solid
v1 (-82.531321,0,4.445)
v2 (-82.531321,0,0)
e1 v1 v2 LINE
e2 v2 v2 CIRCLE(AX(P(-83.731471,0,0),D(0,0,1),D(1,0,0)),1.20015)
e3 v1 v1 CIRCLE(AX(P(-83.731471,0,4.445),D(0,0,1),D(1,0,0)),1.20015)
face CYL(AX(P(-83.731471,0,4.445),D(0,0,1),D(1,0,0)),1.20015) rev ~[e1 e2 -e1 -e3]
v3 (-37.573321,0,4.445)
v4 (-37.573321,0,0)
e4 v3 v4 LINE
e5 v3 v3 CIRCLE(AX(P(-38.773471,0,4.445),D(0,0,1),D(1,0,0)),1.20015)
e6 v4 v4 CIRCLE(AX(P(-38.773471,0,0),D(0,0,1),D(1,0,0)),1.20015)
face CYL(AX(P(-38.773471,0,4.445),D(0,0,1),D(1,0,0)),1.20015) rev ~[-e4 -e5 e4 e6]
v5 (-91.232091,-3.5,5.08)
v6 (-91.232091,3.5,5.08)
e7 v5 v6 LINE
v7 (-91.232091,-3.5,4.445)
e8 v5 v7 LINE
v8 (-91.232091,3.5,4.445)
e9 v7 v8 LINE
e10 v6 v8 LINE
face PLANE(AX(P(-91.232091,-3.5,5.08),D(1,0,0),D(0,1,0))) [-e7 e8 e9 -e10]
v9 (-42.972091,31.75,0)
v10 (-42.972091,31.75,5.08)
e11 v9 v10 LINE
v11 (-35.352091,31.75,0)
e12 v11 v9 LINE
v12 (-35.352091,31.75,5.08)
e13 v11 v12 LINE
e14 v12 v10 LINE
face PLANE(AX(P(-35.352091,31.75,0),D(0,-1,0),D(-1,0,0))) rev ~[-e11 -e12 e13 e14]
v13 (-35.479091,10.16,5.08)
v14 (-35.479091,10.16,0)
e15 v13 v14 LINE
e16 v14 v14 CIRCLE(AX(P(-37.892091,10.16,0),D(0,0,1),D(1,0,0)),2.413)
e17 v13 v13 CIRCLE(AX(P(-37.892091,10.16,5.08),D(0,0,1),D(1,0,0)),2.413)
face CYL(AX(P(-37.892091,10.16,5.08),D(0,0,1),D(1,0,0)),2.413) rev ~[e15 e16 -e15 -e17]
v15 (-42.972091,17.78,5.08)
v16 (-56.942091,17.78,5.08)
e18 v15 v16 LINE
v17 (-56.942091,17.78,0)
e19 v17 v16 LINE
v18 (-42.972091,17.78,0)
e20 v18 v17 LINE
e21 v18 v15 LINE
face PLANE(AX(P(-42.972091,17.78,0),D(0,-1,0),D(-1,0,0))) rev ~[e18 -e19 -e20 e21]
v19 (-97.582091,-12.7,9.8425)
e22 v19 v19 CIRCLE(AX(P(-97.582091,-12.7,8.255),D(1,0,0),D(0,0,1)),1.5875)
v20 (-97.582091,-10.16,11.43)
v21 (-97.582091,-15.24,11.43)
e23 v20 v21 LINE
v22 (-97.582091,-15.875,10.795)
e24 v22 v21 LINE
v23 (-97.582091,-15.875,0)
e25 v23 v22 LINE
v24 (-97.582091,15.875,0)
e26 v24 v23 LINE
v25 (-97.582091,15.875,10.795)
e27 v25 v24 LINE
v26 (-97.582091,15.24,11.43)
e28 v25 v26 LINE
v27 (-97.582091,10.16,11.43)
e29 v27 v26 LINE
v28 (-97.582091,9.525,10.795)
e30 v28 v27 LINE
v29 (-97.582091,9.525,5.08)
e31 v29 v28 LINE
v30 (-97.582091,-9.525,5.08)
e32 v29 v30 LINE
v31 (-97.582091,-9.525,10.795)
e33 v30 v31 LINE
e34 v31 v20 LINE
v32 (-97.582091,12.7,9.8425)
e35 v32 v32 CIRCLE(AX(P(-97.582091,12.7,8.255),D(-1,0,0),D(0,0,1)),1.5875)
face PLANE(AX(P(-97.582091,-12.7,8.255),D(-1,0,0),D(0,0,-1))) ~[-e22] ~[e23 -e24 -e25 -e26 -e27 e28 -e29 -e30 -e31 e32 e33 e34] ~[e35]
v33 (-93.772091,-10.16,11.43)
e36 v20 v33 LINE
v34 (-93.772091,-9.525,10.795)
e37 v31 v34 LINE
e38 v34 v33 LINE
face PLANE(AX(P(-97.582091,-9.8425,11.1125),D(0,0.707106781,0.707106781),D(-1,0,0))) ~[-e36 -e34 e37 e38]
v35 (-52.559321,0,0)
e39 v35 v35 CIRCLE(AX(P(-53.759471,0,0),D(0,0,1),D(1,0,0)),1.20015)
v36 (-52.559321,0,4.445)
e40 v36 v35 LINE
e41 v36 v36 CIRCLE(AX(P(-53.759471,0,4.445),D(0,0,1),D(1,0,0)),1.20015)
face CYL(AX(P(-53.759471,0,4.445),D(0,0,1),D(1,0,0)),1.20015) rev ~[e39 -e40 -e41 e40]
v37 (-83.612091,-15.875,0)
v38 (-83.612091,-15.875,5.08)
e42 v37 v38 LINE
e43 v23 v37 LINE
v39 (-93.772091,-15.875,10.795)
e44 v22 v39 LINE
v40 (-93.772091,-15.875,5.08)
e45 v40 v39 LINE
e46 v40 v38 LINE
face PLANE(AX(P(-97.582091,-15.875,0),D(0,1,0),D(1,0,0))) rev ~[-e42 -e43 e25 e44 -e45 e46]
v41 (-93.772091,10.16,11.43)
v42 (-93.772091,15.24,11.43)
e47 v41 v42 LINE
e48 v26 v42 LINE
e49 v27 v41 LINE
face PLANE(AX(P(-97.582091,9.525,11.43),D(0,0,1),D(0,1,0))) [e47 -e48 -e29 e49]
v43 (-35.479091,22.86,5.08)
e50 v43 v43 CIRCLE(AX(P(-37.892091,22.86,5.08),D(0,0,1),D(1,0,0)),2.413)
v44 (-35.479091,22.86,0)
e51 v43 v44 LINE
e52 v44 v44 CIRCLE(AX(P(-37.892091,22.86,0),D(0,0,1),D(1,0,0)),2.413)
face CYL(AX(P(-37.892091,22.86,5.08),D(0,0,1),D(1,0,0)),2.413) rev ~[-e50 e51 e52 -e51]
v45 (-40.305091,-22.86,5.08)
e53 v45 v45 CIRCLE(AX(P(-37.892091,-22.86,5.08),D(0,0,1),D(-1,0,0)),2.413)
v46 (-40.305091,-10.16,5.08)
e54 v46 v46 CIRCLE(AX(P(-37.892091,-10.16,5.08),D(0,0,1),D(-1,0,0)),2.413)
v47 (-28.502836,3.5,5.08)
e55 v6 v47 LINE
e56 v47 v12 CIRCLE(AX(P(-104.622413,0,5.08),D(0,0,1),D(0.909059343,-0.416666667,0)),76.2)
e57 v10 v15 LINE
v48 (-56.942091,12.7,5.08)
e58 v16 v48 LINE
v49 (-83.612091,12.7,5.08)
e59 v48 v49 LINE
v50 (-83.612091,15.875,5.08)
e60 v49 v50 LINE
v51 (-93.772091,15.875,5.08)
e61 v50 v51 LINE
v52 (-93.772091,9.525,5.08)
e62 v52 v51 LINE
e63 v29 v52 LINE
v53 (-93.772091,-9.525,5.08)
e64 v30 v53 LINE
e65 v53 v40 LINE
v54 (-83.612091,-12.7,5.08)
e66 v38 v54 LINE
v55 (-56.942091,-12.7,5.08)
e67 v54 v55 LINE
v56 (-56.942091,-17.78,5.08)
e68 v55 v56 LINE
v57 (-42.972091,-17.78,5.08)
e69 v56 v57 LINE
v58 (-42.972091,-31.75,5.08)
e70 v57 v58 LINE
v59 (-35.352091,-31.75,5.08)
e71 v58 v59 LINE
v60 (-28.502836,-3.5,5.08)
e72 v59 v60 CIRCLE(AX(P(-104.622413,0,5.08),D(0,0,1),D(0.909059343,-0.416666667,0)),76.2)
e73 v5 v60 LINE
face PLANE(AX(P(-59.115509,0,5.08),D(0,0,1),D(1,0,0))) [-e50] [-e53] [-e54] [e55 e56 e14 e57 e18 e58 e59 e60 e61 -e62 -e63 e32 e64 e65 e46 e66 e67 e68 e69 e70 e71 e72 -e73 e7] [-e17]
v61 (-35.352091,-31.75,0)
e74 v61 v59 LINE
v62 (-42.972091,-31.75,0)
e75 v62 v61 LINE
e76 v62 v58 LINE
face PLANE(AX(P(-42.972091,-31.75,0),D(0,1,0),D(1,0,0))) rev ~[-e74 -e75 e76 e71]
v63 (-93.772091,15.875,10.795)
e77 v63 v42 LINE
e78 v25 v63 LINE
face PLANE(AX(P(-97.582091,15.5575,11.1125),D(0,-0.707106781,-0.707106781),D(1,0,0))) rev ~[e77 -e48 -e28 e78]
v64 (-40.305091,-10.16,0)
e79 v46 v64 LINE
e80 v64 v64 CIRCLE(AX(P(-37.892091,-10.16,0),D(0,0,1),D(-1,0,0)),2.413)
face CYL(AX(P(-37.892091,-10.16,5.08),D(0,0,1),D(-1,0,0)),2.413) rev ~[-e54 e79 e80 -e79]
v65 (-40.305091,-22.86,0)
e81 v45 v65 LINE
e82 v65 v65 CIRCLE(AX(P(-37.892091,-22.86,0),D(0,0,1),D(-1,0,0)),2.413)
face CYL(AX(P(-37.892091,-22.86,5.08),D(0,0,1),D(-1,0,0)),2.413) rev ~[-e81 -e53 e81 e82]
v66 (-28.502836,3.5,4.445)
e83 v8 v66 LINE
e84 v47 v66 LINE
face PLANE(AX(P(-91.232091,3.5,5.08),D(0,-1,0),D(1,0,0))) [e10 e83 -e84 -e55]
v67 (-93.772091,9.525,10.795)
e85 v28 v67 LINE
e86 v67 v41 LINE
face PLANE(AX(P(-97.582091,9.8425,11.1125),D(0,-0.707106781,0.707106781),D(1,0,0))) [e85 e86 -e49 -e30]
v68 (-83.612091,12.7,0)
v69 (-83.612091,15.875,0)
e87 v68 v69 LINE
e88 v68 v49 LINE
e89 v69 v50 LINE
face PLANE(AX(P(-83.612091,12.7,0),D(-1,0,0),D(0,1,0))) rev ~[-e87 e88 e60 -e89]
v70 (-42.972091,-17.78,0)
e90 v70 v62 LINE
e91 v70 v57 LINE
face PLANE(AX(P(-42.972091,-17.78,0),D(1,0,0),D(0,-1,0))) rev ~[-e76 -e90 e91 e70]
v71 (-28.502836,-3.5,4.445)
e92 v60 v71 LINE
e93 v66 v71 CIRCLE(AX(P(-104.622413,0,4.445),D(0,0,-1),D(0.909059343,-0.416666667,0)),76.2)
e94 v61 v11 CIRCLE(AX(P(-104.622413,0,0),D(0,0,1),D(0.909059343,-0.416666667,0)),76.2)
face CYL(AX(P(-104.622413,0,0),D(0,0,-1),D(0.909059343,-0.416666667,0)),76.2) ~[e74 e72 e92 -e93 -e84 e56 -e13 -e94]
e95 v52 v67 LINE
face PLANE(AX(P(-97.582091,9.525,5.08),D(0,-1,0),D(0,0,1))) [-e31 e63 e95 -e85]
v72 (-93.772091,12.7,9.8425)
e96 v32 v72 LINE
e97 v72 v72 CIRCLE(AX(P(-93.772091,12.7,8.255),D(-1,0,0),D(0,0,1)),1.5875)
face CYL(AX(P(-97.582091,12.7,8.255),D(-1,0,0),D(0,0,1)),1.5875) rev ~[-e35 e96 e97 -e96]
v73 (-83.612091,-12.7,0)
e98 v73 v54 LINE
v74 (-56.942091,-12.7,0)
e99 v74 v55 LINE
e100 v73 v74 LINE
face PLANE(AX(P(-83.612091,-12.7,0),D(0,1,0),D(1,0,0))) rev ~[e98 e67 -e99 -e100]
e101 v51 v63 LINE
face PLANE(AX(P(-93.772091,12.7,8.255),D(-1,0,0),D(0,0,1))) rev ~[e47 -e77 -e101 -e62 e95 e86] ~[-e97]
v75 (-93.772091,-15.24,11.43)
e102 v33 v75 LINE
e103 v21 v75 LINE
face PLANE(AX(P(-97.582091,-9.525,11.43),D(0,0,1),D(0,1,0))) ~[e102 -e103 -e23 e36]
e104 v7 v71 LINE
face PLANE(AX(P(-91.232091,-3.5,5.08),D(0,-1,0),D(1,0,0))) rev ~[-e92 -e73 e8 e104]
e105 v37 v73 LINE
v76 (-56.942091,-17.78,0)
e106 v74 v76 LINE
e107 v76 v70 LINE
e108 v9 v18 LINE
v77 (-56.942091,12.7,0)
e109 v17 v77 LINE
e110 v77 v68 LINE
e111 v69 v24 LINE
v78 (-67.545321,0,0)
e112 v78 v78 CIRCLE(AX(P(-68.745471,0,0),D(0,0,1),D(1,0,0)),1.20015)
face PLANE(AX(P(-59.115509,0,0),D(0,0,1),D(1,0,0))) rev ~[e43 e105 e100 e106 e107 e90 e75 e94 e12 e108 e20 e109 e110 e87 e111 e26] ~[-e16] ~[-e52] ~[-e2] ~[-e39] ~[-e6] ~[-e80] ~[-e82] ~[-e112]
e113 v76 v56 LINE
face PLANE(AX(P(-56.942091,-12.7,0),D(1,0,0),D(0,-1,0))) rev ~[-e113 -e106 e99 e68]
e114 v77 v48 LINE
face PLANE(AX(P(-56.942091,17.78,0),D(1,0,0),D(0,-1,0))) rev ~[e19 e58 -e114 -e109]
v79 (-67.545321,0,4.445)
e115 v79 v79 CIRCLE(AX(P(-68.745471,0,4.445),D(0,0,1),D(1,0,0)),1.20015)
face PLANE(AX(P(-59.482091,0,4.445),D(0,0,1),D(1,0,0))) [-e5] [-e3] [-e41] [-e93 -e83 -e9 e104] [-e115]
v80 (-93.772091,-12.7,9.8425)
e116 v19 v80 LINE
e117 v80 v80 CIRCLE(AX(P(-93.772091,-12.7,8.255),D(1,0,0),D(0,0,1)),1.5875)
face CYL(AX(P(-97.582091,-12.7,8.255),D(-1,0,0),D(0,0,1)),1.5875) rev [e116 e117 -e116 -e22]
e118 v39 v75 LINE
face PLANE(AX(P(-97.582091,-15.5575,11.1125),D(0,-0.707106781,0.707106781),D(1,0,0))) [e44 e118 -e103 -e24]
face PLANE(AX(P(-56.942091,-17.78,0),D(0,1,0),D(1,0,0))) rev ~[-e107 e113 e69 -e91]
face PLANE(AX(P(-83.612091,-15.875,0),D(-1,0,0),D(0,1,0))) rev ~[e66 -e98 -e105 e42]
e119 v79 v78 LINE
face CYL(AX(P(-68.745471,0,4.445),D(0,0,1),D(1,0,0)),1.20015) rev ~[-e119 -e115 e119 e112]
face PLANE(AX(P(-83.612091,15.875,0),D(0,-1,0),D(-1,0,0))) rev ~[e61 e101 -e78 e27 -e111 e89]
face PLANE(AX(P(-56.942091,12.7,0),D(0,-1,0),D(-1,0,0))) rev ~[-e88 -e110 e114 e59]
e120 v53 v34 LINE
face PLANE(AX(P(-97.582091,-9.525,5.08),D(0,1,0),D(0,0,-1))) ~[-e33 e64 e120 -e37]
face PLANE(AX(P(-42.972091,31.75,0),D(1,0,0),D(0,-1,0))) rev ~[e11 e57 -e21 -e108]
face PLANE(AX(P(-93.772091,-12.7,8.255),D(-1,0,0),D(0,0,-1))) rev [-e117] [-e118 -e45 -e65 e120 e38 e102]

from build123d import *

# Parameters (mm, degrees)
BOSS_EXTRUDE1_DEPTH      = 5.08
SKETCH2_W                = 63.5
SKETCH2_H                = 7
CUT_EXTRUDE1_DEPTH       = 0.635
SKETCH3_W                = 6.35
SKETCH3_H                = 6.35
SKETCH3_R                = 1.5875
BOSS_EXTRUDE2_DEPTH      = 3.81
CHAMFER1_SIZE            = 0.635
CHAMFER1_OF_MIRROR1_SIZE = 0.635
SKETCH6_R                = 2.413
CUT_EXTRUDE2_DEPTH       = 103.813663911
SKETCH7_R                = 1.20015
CUT_EXTRUDE3_DEPTH       = 103.854835627


with BuildPart() as part:
    # Sketch1 → Boss-Extrude1 (new body)
    with BuildSketch(Plane.XY):
        with BuildLine():
            Line((-35.352091015, 31.75), (-42.972091015, 31.75))
            Line((-42.972091015, 31.75), (-42.972091015, 17.78))
            Line((-42.972091015, 17.78), (-56.942091015, 17.78))
            Line((-56.942091015, 17.78), (-56.942091015, 12.7))
            Line((-56.942091015, 12.7), (-83.612091015, 12.7))
            Line((-83.612091015, 12.7), (-83.612091015, 15.875))
            Line((-83.612091015, 15.875), (-97.582091015, 15.875))
            Line((-97.582091015, 15.875), (-97.582091015, -15.875))
            Line((-97.582091015, -15.875), (-83.612091015, -15.875))
            Line((-83.612091015, -15.875), (-83.612091015, -12.7))
            Line((-83.612091015, -12.7), (-56.942091015, -12.7))
            Line((-56.942091015, -12.7), (-56.942091015, -17.78))
            Line((-56.942091015, -17.78), (-42.972091015, -17.78))
            Line((-42.972091015, -17.78), (-42.972091015, -31.75))
            Line((-42.972091015, -31.75), (-35.352091015, -31.75))
            ThreePointArc((-35.352091015, -31.75), (-28.422412943, 0), (-35.352091015, 31.75))
        make_face()
    extrude(amount=BOSS_EXTRUDE1_DEPTH)

    # Sketch2 → Cut-Extrude1 (cut)
    with BuildSketch(Plane.XY.offset(5.08)):
        with Locations((-59.482091015, 0)):
            Rectangle(SKETCH2_W, SKETCH2_H)
    extrude(amount=-CUT_EXTRUDE1_DEPTH, mode=Mode.SUBTRACT)

    # Sketch3 → Boss-Extrude2 (add)
    with BuildSketch(Plane.ZY.offset(97.582091015)):
        with Locations((8.255, 12.7)):
            Rectangle(SKETCH3_W, SKETCH3_H)
        with Locations((8.255, 12.7)):
            Circle(SKETCH3_R, mode=Mode.SUBTRACT)
    boss_extrude2 = extrude(amount=-BOSS_EXTRUDE2_DEPTH)

    # Chamfer1
    chamfer1_edges = [part.edges().sort_by_distance(p)[0] for p in [
        (-95.677091015, 9.525, 11.43),
        (-95.677091015, 15.875, 11.43),
    ]]
    chamfer(chamfer1_edges, length=CHAMFER1_SIZE)

    # Mirror1: Boss-Extrude2 across plane
    add(boss_extrude2.mirror(Plane.ZX))

    # Chamfer1 of Mirror1
    chamfer1_of_mirror1_edges = [part.edges().sort_by_distance(p)[0] for p in [
        (-95.677091015, -9.525, 11.43),
        (-95.677091015, -15.875, 11.43),
    ]]
    chamfer(chamfer1_of_mirror1_edges, length=CHAMFER1_OF_MIRROR1_SIZE)

    # Sketch6 → Cut-Extrude2 (cut, through all)
    with BuildSketch(Plane.XY.offset(5.08)):
        with Locations((-37.892091015, 22.86)):
            Circle(SKETCH6_R)
        with Locations((-37.892091015, 10.16)):
            Circle(SKETCH6_R)
        with Locations(Location((-37.892091015, -10.16, 0), (0, 0, 180))):
            Circle(SKETCH6_R)
        with Locations(Location((-37.892091015, -22.86, 0), (0, 0, 180))):
            Circle(SKETCH6_R)
    extrude(amount=-CUT_EXTRUDE2_DEPTH, mode=Mode.SUBTRACT)

    # Sketch7 → Cut-Extrude3 (cut, through all)
    with BuildSketch(Plane.XY.offset(4.445)):
        with Locations((-83.731471015, 0)):
            Circle(SKETCH7_R)
        with Locations((-68.745471015, 0)):
            Circle(SKETCH7_R)
        with Locations((-53.759471015, 0)):
            Circle(SKETCH7_R)
        with Locations((-38.773471015, 0)):
            Circle(SKETCH7_R)
    extrude(amount=-CUT_EXTRUDE3_DEPTH, mode=Mode.SUBTRACT)


solid = part.part
